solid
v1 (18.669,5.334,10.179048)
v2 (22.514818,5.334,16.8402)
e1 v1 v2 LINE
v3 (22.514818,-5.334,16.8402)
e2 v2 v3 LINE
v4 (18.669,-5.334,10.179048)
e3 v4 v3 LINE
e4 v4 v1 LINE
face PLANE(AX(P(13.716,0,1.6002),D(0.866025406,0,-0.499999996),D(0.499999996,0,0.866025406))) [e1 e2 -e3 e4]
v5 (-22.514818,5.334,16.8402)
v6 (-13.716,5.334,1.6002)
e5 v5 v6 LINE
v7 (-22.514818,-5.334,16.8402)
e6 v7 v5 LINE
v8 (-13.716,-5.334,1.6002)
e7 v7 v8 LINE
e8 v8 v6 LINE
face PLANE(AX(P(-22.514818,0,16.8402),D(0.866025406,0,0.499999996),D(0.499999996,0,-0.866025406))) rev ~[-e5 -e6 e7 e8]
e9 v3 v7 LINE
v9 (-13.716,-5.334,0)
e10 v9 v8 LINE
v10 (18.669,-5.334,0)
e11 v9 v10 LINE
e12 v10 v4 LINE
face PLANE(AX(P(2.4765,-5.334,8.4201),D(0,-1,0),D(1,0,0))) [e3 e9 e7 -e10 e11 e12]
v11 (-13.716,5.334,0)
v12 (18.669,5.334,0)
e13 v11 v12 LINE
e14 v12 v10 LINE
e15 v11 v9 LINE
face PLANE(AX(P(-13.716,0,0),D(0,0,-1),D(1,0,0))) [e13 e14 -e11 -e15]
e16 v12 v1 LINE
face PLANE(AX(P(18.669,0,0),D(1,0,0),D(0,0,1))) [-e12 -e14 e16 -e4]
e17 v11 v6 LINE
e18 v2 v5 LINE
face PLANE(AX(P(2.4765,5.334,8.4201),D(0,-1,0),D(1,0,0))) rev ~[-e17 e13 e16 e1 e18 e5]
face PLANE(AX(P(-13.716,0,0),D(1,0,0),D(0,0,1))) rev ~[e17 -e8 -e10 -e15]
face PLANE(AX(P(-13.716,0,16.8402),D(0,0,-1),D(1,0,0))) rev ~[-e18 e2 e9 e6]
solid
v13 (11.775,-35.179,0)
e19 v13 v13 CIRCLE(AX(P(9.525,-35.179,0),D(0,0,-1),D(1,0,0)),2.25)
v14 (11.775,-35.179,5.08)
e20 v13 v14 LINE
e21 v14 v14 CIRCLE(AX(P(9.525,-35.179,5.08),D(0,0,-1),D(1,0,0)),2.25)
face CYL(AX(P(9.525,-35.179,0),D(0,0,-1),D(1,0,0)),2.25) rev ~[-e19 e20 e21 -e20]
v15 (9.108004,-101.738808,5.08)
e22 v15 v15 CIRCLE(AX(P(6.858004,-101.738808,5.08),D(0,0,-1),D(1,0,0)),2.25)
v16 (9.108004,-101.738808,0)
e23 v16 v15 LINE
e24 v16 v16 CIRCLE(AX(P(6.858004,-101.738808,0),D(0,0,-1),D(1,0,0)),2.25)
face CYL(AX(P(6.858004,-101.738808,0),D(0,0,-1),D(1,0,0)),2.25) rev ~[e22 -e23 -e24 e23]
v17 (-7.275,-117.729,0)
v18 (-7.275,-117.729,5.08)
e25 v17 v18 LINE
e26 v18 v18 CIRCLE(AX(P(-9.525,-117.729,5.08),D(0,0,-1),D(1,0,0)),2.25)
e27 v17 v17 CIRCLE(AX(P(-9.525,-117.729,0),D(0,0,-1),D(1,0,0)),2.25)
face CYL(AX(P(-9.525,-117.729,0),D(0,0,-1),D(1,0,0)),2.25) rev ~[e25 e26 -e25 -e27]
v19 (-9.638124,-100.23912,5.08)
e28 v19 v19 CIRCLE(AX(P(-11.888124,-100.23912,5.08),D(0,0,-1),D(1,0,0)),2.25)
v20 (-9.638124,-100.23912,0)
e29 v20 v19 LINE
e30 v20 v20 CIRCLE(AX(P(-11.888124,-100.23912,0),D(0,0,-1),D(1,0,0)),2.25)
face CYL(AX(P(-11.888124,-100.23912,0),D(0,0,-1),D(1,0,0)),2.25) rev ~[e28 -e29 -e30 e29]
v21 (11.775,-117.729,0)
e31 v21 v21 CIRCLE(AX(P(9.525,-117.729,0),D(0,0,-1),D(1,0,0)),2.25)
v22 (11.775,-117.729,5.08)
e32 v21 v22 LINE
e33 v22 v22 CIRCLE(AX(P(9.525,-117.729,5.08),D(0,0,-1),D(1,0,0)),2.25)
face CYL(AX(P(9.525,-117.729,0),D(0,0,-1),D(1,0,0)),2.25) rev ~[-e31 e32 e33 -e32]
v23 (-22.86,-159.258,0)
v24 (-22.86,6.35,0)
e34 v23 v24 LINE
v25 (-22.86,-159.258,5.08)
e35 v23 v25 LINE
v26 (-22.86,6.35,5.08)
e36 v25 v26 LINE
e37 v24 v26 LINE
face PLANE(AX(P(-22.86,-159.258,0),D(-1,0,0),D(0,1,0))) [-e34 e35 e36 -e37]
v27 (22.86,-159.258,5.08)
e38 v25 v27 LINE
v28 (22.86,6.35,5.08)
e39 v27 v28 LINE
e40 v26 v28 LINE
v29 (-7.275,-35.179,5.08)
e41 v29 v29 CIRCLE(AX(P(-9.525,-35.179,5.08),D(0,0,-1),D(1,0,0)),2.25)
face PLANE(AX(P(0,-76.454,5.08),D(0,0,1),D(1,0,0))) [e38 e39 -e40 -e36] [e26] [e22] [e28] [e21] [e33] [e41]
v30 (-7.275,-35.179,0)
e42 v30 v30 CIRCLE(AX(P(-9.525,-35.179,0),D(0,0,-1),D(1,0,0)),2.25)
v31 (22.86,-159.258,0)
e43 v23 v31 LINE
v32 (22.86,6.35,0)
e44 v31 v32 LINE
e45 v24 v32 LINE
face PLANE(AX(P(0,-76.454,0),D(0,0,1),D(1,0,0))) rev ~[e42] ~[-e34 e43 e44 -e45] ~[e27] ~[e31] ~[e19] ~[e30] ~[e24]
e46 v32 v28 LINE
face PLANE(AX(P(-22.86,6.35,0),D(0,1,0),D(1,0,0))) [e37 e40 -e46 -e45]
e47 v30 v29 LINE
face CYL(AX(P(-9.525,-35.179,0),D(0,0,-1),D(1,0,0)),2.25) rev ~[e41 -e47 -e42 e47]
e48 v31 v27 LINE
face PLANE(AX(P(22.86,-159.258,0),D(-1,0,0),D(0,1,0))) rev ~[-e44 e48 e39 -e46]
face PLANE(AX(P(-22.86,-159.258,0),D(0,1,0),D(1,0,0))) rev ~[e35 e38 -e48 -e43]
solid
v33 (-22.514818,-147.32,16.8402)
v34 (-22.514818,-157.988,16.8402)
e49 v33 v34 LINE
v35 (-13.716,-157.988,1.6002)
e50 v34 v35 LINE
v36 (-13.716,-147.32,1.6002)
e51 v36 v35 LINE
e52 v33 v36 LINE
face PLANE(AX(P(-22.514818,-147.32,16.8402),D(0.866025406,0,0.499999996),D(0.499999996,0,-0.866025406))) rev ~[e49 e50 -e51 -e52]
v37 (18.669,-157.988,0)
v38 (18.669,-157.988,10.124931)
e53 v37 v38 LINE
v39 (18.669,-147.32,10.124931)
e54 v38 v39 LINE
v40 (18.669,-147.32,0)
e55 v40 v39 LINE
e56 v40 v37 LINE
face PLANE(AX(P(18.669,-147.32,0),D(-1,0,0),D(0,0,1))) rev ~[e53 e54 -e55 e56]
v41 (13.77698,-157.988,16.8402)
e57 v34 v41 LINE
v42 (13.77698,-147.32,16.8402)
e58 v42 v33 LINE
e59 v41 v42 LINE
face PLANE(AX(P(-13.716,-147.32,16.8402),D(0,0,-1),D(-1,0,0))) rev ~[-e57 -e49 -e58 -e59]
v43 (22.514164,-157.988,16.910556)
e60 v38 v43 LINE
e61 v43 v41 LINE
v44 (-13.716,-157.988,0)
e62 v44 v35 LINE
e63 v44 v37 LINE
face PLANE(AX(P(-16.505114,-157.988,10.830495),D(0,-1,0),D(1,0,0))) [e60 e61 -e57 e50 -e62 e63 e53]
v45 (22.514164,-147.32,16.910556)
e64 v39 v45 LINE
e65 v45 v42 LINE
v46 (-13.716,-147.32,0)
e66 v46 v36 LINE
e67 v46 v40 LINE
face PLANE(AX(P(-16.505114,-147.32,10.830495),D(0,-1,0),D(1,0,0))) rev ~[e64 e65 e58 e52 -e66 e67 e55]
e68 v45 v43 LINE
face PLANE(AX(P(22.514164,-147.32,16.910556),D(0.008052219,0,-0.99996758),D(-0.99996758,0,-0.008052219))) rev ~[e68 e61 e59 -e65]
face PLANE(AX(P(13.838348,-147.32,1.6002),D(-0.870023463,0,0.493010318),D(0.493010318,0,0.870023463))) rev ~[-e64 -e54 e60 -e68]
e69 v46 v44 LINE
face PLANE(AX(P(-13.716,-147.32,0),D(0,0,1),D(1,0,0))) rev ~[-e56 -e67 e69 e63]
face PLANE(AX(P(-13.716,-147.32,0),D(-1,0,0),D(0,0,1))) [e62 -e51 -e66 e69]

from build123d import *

# Parameters (mm, degrees)
SKETCH_W      = 45.72
SKETCH_H      = 165.608
PAD_DEPTH     = 5.08
SKETCH005_R   = 2.25
HOLE_DEPTH    = 24.9936
SKETCH010_R   = 2.25
HOLE001_DEPTH = 24.9936
SKETCH006_W   = 32.385
SKETCH006_H   = 16.8402
PAD005_DEPTH  = 5.334
PAD006_DEPTH  = 5.334
SKETCH008_W   = 32.385
SKETCH008_H   = 16.8402
PAD007_DEPTH  = 10.668
PAD008_DEPTH  = 10.668


with BuildPart() as body:
    # Sketch → Pad (new body)
    with BuildSketch(Plane.XY):
        with Locations((0, -76.454)):
            Rectangle(SKETCH_W, SKETCH_H)
    extrude(amount=PAD_DEPTH)

    # Sketch005 → Hole (cut)
    with BuildSketch(Plane(origin=(0, 0, 0), x_dir=(1, 0, 0), z_dir=(0, 0, -1))):
        with Locations((-9.525, 117.729)):
            Circle(SKETCH005_R)
        with Locations((-9.525, 35.179)):
            Circle(SKETCH005_R)
        with Locations((9.525, 117.729)):
            Circle(SKETCH005_R)
        with Locations((9.525, 35.179)):
            Circle(SKETCH005_R)
    extrude(amount=-HOLE_DEPTH, mode=Mode.SUBTRACT)

    # Sketch010 (on Face4 of Hole) → Hole001 (cut)
    with BuildSketch(Plane(origin=(0, 0, 0), x_dir=(1, 0, 0), z_dir=(0, 0, -1))):
        with Locations((-11.888124, 100.23912)):
            Circle(SKETCH010_R)
        with Locations((6.858004, 101.738808)):
            Circle(SKETCH010_R)
    extrude(amount=-HOLE001_DEPTH, mode=Mode.SUBTRACT)


with BuildPart() as pad006:
    # Sketch006 → Pad005 (new body, symmetric)
    with BuildSketch(Plane.XZ):
        with Locations((2.4765, 8.4201)):
            Rectangle(SKETCH006_W, SKETCH006_H)
    extrude(amount=PAD005_DEPTH, both=True)

    # Sketch007 → Pad006 (new body, symmetric)
    with BuildSketch(Plane.XZ):
        Polygon((-13.716, 1.6002), (-13.716, 16.8402), (-22.514818, 16.8402), align=None)
        Polygon((13.716, 1.6002), (22.514818, 16.8402), (13.716, 16.8402), align=None)
    extrude(amount=PAD006_DEPTH, both=True)


with BuildPart() as pad008:
    # Sketch008 → Pad007 (new body)
    with BuildSketch(Plane.XZ.offset(147.32)):
        with Locations((2.4765, 8.4201)):
            Rectangle(SKETCH008_W, SKETCH008_H)
    extrude(amount=PAD007_DEPTH)

    # Sketch009 → Pad008 (new body)
    with BuildSketch(Plane.XZ.offset(147.32)):
        Polygon((-13.716, 1.6002), (-13.716, 16.8402), (-22.514818, 16.8402), align=None)
        Polygon((13.838348, 1.6002), (22.514164, 16.910556), (13.715632, 16.839706), align=None)
    extrude(amount=PAD008_DEPTH)


solid = Compound([body.part, pad006.part, pad008.part])
